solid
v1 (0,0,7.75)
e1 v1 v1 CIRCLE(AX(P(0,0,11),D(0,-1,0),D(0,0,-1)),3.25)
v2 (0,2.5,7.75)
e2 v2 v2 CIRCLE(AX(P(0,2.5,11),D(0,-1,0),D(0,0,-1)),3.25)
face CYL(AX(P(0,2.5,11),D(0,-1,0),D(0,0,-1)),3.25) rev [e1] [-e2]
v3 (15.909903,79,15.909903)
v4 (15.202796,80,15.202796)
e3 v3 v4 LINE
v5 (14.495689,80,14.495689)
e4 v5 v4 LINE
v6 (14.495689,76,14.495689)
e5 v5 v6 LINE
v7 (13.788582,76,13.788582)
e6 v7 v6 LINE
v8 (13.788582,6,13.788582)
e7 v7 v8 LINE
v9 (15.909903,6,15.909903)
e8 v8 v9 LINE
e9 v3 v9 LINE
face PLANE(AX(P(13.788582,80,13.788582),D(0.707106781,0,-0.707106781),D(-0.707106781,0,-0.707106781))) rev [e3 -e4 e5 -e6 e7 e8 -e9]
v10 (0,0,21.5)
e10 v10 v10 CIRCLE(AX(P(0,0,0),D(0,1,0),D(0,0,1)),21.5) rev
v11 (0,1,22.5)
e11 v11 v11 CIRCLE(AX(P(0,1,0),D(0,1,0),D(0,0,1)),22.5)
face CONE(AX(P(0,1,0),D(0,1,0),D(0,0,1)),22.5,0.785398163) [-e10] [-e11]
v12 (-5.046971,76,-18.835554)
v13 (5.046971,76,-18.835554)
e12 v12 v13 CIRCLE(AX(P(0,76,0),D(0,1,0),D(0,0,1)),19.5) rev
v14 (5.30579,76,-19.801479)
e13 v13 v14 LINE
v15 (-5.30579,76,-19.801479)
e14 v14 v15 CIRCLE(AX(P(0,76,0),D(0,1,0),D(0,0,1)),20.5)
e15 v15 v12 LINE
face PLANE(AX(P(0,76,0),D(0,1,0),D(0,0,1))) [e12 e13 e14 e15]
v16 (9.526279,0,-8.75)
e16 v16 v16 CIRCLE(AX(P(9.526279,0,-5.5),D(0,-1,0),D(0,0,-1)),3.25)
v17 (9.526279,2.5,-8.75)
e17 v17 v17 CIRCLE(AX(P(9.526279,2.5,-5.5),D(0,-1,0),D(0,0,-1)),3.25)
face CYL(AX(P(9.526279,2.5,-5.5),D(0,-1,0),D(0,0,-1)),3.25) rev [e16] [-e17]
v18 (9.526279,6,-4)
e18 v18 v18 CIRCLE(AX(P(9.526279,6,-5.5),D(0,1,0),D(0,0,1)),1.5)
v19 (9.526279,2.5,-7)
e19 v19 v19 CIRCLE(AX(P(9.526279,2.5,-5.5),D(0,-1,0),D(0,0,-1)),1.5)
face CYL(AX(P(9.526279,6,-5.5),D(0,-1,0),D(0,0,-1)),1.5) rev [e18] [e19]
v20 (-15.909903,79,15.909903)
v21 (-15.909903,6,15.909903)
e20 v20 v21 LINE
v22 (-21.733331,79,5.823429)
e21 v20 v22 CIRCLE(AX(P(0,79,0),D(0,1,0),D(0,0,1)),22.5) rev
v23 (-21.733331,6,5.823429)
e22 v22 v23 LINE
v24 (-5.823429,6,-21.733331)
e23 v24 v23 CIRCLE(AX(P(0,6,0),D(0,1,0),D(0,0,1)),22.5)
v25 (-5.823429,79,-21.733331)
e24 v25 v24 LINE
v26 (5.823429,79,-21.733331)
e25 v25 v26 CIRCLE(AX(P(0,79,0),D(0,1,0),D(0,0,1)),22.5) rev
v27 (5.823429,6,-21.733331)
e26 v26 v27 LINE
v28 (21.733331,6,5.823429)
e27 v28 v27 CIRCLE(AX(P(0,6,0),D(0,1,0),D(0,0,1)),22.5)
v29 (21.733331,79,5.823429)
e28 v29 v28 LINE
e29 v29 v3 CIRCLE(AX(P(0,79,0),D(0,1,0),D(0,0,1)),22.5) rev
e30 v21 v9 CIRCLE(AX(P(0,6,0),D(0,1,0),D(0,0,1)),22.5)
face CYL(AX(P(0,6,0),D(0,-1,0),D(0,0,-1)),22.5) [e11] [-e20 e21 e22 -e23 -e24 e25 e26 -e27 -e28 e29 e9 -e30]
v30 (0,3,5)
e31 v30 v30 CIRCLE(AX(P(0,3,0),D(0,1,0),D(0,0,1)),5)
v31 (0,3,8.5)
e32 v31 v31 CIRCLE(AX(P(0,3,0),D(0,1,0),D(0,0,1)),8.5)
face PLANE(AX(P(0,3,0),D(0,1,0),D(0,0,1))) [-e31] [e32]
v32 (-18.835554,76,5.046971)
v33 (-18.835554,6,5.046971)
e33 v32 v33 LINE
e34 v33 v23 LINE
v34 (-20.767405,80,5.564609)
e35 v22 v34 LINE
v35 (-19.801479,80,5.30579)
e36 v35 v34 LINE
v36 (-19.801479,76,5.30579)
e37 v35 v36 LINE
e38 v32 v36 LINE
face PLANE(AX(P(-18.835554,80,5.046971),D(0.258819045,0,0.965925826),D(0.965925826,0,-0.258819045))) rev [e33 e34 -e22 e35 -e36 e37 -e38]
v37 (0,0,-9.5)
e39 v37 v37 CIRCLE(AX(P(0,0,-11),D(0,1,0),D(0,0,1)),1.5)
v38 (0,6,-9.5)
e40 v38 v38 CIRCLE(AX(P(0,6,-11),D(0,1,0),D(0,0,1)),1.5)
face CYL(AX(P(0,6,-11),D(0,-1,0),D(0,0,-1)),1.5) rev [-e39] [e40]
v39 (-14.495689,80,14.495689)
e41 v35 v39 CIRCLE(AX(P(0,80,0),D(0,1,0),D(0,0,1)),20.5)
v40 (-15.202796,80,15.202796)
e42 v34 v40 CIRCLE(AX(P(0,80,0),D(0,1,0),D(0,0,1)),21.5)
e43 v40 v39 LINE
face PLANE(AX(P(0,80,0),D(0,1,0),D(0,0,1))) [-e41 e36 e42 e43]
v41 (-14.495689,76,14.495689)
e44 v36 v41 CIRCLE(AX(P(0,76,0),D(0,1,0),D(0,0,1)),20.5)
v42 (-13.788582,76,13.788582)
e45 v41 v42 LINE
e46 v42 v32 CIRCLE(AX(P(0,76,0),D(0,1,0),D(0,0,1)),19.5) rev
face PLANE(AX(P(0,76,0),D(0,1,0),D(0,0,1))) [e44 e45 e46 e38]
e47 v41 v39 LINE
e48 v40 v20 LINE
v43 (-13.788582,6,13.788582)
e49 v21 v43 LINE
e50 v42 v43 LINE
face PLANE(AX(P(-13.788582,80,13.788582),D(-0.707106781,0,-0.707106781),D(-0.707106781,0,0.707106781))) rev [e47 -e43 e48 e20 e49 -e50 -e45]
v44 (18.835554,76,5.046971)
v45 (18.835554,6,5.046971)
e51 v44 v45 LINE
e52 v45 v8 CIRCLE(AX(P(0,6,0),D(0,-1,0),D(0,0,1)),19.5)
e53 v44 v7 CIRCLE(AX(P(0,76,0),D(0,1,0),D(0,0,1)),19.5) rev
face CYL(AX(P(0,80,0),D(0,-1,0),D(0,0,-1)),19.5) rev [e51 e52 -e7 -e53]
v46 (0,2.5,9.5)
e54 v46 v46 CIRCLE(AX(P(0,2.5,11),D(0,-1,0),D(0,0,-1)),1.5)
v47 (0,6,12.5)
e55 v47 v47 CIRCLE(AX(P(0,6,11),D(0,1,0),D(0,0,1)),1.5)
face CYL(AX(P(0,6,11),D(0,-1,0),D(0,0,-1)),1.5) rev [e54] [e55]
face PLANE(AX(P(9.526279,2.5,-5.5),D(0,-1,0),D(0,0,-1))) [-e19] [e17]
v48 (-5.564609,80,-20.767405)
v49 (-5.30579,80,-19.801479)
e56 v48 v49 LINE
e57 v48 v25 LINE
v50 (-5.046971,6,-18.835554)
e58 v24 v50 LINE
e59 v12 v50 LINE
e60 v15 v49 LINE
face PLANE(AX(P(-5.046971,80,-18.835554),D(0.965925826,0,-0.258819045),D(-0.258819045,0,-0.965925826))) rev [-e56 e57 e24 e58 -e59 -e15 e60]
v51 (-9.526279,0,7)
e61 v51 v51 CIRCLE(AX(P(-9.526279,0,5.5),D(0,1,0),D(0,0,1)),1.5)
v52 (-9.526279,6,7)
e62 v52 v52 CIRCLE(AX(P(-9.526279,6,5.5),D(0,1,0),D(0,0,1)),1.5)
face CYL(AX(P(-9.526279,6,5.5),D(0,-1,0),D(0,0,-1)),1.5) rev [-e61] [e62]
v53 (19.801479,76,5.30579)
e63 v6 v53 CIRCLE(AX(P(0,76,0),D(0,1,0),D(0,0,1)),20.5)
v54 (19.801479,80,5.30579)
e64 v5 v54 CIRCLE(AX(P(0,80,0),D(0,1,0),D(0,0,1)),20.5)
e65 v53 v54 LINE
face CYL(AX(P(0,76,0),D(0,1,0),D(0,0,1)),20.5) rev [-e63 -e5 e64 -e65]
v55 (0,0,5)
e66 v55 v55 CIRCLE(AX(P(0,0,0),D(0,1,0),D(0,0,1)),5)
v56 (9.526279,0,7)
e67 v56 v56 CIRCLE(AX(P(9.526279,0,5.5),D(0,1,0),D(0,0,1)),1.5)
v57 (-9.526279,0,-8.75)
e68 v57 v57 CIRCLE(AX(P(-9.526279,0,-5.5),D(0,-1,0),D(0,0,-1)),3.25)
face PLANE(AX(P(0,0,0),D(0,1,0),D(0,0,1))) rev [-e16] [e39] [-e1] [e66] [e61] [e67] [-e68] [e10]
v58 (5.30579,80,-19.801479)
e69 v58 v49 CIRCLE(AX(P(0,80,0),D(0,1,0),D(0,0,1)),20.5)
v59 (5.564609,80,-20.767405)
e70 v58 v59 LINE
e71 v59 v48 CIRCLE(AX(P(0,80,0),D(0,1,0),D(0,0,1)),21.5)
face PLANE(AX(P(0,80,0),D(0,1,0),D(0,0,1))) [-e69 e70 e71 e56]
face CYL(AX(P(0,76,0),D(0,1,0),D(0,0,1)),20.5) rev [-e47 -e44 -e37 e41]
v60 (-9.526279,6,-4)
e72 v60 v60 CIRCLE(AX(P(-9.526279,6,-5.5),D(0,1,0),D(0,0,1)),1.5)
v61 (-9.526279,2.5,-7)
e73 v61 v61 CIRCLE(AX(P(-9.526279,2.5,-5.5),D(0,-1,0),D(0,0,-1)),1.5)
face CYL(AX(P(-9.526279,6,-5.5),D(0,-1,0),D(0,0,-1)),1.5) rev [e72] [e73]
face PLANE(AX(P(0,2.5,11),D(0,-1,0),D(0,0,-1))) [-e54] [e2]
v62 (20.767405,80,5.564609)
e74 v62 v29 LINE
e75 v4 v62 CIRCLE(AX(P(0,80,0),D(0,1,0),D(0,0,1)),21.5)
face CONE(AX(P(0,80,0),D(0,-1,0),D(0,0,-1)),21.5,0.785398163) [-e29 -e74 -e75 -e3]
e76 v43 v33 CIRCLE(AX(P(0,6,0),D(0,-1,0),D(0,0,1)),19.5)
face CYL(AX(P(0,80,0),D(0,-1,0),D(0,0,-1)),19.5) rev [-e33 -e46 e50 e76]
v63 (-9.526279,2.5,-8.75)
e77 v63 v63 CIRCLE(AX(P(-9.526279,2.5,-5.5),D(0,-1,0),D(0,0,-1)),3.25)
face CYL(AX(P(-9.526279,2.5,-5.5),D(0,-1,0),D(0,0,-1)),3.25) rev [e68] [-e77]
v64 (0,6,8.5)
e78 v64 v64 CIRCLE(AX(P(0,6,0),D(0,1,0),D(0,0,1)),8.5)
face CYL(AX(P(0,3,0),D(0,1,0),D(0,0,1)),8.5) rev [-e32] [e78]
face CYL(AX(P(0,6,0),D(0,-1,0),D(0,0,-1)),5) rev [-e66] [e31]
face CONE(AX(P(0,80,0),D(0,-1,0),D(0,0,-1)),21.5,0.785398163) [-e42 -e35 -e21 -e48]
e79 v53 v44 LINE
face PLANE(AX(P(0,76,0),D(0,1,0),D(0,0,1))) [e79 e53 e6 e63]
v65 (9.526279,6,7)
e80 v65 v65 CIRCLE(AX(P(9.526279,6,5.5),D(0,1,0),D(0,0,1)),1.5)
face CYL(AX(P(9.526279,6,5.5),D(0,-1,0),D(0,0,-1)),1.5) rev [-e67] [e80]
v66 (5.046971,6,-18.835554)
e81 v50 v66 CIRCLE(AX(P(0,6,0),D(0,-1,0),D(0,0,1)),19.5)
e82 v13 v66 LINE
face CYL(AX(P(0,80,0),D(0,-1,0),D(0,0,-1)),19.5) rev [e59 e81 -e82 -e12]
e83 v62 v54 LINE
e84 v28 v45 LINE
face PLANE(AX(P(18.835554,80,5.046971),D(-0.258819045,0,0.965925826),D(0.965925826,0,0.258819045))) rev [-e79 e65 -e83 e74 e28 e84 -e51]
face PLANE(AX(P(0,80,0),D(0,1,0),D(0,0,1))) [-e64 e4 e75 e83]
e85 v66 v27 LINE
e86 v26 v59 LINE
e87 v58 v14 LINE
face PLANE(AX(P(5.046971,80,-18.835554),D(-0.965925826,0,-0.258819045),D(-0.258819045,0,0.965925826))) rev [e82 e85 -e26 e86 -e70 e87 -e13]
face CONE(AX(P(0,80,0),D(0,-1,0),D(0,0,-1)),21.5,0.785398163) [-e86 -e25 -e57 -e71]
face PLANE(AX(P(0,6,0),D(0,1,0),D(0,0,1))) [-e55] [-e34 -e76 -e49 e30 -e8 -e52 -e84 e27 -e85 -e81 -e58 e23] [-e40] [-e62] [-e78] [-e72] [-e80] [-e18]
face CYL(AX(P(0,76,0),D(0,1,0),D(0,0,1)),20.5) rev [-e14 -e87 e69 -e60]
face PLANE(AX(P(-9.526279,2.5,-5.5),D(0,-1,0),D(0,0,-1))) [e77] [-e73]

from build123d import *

# Parameters (mm, degrees)
SKETCH1_R           = 22.5
SKETCH1_R_2         = 1.5
SKETCH1_R_3         = 5
BOSS_EXTRUDE1_DEPTH = 6
SKETCH4_R           = 8.5
CUT_EXTRUDE2_DEPTH  = 3
SKETCH6_R           = 3.25
CUT_EXTRUDE3_DEPTH  = 2.5
BOSS_EXTRUDE2_DEPTH = 74
SKETCH7_R           = 20.5
CUT_EXTRUDE4_DEPTH  = 4
CHAMFER2_SIZE       = 1


with BuildPart() as part:
    # Sketch1 → Boss-Extrude1 (new body)
    with BuildSketch(Plane(origin=(0, 0, 0), x_dir=(1, 0, 0), z_dir=(0, 1, 0))):
        Circle(SKETCH1_R)
        with Locations((0, 11)):
            Circle(SKETCH1_R_2, mode=Mode.SUBTRACT)
        with Locations((9.526279442, 5.5)):
            Circle(SKETCH1_R_2, mode=Mode.SUBTRACT)
        with Locations((9.526279442, -5.5)):
            Circle(SKETCH1_R_2, mode=Mode.SUBTRACT)
        with Locations((0, -11)):
            Circle(SKETCH1_R_2, mode=Mode.SUBTRACT)
        with Locations((-9.526279442, -5.5)):
            Circle(SKETCH1_R_2, mode=Mode.SUBTRACT)
        with Locations((-9.526279442, 5.5)):
            Circle(SKETCH1_R_2, mode=Mode.SUBTRACT)
        Circle(SKETCH1_R_3, mode=Mode.SUBTRACT)
    extrude(amount=BOSS_EXTRUDE1_DEPTH)

    # Sketch4 → Cut-Extrude2 (cut)
    with BuildSketch(Plane(origin=(0, 6, 0), x_dir=(1, 0, 0), z_dir=(0, 1, 0))):
        Circle(SKETCH4_R)
    extrude(amount=-CUT_EXTRUDE2_DEPTH, mode=Mode.SUBTRACT)

    # Sketch6 → Cut-Extrude3 (cut)
    with BuildSketch(Plane.XZ):
        with Locations((0, 11)):
            Circle(SKETCH6_R)
        with Locations((9.526279442, -5.5)):
            Circle(SKETCH6_R)
        with Locations((-9.526279442, -5.5)):
            Circle(SKETCH6_R)
    extrude(amount=-CUT_EXTRUDE3_DEPTH, mode=Mode.SUBTRACT)

    # Sketch2 → Boss-Extrude2 (add)
    with BuildSketch(Plane(origin=(0, 6, 0), x_dir=(1, 0, 0), z_dir=(0, 1, 0))):
        with BuildLine():
            Line((5.046971379, 18.835553613), (5.823428515, 21.733331092))
            ThreePointArc((5.823428515, 21.733331092), (0, 22.5), (-5.823428515, 21.733331092))
            Line((-5.823428515, 21.733331092), (-5.046971379, 18.835553613))
            ThreePointArc((-5.046971379, 18.835553613), (0, 19.5), (5.046971379, 18.835553613))
        make_face()
        with BuildLine():
            Line((18.835553613, -5.046971379), (21.733331092, -5.823428515))
            ThreePointArc((21.733331092, -5.823428515), (19.485571585, -11.25), (15.909902577, -15.909902577))
            Line((15.909902577, -15.909902577), (13.788582233, -13.788582233))
            ThreePointArc((13.788582233, -13.788582233), (16.887495374, -9.75), (18.835553613, -5.046971379))
        make_face()
        with BuildLine():
            Line((-13.788582233, -13.788582233), (-15.909902577, -15.909902577))
            ThreePointArc((-15.909902577, -15.909902577), (-19.485571585, -11.25), (-21.733331092, -5.823428515))
            Line((-21.733331092, -5.823428515), (-18.835553613, -5.046971379))
            ThreePointArc((-18.835553613, -5.046971379), (-16.887495374, -9.75), (-13.788582233, -13.788582233))
        make_face()
    extrude(amount=BOSS_EXTRUDE2_DEPTH)

    # Sketch7 → Cut-Extrude4 (cut)
    with BuildSketch(Plane(origin=(0, 80, 0), x_dir=(1, 0, 0), z_dir=(0, 1, 0))):
        Circle(SKETCH7_R)
    extrude(amount=-CUT_EXTRUDE4_DEPTH, mode=Mode.SUBTRACT)

    # Chamfer2
    chamfer2_edges = [part.edges().sort_by_distance(p)[0] for p in [
        (-22.5, 0, 0),
        (19.485571585, 80, 11.25),
        (0, 80, -22.5),
        (-19.485571585, 80, 11.25),
    ]]
    chamfer(chamfer2_edges, length=CHAMFER2_SIZE)


solid = part.part
